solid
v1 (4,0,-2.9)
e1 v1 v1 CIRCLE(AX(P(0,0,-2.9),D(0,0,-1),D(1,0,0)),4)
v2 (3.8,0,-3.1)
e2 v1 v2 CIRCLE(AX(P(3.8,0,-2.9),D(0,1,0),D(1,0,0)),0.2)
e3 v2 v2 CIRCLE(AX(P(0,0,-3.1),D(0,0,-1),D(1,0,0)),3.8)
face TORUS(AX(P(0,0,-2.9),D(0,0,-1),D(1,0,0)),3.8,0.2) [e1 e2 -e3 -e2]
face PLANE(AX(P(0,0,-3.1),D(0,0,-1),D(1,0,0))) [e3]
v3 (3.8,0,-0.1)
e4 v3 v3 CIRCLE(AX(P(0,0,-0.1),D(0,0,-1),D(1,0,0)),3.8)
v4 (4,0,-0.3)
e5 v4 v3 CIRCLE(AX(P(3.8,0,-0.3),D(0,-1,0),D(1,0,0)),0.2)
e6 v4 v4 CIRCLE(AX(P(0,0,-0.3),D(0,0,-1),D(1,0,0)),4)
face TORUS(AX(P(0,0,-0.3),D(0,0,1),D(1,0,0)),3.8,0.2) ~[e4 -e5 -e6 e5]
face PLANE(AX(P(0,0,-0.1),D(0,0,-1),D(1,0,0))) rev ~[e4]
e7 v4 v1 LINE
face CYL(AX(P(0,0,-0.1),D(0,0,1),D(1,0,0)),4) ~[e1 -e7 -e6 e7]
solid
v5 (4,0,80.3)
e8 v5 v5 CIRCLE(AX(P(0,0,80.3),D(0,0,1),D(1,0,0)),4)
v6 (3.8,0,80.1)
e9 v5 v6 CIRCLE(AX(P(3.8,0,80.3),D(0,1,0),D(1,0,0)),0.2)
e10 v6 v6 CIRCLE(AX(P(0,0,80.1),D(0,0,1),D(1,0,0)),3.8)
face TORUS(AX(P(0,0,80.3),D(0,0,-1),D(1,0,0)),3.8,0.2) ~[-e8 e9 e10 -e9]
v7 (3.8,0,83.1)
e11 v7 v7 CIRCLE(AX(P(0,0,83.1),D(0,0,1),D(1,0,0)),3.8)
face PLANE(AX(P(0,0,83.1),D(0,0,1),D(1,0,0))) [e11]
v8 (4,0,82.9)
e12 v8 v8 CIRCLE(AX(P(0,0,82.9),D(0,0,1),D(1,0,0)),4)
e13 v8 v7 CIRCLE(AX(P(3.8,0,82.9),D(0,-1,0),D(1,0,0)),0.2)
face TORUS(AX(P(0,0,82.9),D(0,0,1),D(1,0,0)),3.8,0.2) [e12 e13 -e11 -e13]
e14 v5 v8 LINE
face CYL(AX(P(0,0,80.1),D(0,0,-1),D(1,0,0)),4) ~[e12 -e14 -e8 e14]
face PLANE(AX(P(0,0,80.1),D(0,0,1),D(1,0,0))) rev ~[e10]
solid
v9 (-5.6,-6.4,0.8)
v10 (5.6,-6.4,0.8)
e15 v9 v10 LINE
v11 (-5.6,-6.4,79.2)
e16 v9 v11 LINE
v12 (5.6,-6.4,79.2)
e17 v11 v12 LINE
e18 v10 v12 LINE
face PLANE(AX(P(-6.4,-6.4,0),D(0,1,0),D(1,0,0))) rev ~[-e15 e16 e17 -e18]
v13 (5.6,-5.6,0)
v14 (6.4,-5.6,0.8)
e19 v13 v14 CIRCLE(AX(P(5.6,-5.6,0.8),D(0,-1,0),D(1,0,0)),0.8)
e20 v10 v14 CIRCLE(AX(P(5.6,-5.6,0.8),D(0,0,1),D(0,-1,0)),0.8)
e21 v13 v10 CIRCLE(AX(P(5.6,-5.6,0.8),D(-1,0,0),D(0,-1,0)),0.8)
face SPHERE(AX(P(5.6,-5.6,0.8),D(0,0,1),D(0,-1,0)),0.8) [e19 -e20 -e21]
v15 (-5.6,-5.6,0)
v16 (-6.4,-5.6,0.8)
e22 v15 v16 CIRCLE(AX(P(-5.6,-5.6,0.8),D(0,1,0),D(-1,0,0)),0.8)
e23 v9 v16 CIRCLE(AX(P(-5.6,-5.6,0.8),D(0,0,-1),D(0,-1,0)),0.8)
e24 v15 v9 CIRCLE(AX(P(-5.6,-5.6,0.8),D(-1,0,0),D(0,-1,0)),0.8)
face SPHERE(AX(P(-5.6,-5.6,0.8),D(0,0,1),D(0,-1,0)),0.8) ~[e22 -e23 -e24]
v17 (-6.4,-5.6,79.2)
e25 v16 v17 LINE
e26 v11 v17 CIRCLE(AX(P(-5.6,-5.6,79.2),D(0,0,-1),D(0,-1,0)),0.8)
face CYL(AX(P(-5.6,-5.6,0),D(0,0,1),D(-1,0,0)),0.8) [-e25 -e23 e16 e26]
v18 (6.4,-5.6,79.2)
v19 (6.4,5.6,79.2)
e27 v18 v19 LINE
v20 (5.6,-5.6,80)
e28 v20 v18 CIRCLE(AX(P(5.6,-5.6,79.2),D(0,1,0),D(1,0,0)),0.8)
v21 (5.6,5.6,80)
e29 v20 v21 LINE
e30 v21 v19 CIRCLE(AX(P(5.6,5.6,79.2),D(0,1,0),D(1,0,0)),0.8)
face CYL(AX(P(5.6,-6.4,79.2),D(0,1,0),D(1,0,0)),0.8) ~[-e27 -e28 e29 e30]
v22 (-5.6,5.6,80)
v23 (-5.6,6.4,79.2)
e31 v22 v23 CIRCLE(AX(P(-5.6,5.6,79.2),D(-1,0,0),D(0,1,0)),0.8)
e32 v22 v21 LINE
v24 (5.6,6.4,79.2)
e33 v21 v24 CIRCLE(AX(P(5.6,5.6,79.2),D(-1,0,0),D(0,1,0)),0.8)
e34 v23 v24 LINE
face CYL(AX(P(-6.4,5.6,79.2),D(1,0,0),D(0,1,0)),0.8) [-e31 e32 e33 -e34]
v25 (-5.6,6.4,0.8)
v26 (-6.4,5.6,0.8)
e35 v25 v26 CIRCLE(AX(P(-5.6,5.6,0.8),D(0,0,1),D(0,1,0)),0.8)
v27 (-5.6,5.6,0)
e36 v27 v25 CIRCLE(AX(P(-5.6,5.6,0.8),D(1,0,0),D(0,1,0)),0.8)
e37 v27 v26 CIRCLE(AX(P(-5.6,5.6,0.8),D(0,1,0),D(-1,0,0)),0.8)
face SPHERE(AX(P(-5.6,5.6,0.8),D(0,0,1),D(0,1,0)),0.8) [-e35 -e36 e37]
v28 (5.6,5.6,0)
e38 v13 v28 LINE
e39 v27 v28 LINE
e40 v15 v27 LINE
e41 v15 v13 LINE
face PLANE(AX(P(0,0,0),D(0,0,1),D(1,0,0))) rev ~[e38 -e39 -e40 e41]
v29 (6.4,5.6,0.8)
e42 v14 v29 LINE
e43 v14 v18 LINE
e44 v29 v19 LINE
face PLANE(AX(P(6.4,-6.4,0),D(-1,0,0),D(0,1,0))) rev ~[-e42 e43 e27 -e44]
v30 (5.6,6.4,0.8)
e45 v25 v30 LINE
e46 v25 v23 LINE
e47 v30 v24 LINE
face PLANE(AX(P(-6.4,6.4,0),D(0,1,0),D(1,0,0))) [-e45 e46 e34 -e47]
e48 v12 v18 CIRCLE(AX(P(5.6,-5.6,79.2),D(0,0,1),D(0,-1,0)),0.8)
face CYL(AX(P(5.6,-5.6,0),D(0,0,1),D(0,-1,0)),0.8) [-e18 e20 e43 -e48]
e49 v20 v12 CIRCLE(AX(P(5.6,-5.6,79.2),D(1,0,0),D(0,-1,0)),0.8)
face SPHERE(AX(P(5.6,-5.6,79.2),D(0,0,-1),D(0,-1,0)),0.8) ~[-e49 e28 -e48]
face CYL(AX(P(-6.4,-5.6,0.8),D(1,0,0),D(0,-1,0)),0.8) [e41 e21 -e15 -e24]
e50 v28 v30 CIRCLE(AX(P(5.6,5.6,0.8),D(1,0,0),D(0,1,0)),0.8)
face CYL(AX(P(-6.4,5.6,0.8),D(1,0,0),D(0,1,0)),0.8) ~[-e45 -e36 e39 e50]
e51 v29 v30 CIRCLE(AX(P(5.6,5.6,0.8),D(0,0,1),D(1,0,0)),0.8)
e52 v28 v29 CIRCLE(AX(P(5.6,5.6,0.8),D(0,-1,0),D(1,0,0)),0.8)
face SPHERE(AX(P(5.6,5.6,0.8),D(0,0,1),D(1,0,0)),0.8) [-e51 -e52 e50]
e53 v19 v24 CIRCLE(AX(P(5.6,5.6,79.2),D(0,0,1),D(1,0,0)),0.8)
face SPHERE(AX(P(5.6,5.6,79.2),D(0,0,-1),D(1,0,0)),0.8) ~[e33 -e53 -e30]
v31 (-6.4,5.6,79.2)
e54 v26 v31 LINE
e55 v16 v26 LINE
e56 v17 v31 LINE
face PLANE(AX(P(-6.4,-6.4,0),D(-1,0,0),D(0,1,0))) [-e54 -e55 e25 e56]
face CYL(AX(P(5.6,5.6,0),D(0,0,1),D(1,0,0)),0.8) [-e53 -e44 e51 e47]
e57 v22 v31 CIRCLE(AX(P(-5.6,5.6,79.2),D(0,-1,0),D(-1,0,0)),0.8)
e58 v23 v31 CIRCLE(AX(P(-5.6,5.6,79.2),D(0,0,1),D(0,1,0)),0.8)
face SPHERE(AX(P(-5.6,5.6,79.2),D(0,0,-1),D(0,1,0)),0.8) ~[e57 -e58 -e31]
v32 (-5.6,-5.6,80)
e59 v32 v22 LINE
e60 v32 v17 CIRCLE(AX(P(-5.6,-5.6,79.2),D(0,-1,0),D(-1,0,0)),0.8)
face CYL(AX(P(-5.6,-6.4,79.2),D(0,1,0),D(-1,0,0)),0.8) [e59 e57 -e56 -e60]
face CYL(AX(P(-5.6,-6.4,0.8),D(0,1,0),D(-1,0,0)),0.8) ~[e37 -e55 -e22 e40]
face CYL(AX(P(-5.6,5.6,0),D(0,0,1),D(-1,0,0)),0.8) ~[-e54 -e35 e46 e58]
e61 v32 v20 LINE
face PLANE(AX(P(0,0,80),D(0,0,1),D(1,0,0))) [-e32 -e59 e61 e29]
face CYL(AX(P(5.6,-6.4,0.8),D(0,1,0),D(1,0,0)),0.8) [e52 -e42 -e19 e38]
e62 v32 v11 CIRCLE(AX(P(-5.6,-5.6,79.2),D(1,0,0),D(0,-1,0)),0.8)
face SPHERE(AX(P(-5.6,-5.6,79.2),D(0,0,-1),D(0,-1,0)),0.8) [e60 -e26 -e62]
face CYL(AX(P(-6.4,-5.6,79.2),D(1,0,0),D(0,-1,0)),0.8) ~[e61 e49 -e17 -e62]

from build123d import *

# Parameters (mm, degrees)
F0_W     = 12.8
F0_H     = 12.8
F1_DEPTH = 80
F2_R     = 0.8
F4_START = 0.1
F3_R     = 4
F4_DEPTH = 3
F5_R     = 0.2
F7_START = 0.1
F6_R     = 4
F7_DEPTH = 3
F8_R     = 0.2


with BuildPart() as f1:
    # F0 (on Top) → F1 (new body)
    with BuildSketch(Plane.XY):
        Rectangle(F0_W, F0_H)
    extrude(amount=F1_DEPTH)

    # F2
    f2_edges = [f1.edges().sort_by_distance(p)[0] for p in [
        (6.4, -6.4, 40),
        (-6.4, -6.4, 40),
        (6.4, 6.4, 40),
        (-6.4, 6.4, 40),
        (0, -6.4, 0),
        (6.4, 0, 0),
        (0, 6.4, 0),
        (-6.4, 0, 0),
        (0, -6.4, 80),
        (6.4, 0, 80),
        (0, 6.4, 80),
        (-6.4, 0, 80),
    ]]
    fillet(f2_edges, radius=F2_R)


with BuildPart() as f4:
    # F3 (on face) → F4 (new body)
    with BuildSketch(Plane(origin=(0, 0, 0), x_dir=(1, 0, 0), z_dir=(0, 0, -1)).offset(F4_START)):
        Circle(F3_R)
    extrude(amount=F4_DEPTH)

    # F5
    f5_edges = [f4.edges().sort_by_distance(p)[0] for p in [
        (-4, 0, -3.1),
        (-4, 0, -0.1),
    ]]
    fillet(f5_edges, radius=F5_R)


with BuildPart() as f7:
    # F6 (on face) → F7 (new body)
    with BuildSketch(Plane.XY.offset(80).offset(F7_START)):
        Circle(F6_R)
    extrude(amount=F7_DEPTH)

    # F8
    f8_edges = [f7.edges().sort_by_distance(p)[0] for p in [
        (-4, 0, 83.1),
        (-4, 0, 80.1),
    ]]
    fillet(f8_edges, radius=F8_R)


solid = Compound([f1.part, f4.part, f7.part])
